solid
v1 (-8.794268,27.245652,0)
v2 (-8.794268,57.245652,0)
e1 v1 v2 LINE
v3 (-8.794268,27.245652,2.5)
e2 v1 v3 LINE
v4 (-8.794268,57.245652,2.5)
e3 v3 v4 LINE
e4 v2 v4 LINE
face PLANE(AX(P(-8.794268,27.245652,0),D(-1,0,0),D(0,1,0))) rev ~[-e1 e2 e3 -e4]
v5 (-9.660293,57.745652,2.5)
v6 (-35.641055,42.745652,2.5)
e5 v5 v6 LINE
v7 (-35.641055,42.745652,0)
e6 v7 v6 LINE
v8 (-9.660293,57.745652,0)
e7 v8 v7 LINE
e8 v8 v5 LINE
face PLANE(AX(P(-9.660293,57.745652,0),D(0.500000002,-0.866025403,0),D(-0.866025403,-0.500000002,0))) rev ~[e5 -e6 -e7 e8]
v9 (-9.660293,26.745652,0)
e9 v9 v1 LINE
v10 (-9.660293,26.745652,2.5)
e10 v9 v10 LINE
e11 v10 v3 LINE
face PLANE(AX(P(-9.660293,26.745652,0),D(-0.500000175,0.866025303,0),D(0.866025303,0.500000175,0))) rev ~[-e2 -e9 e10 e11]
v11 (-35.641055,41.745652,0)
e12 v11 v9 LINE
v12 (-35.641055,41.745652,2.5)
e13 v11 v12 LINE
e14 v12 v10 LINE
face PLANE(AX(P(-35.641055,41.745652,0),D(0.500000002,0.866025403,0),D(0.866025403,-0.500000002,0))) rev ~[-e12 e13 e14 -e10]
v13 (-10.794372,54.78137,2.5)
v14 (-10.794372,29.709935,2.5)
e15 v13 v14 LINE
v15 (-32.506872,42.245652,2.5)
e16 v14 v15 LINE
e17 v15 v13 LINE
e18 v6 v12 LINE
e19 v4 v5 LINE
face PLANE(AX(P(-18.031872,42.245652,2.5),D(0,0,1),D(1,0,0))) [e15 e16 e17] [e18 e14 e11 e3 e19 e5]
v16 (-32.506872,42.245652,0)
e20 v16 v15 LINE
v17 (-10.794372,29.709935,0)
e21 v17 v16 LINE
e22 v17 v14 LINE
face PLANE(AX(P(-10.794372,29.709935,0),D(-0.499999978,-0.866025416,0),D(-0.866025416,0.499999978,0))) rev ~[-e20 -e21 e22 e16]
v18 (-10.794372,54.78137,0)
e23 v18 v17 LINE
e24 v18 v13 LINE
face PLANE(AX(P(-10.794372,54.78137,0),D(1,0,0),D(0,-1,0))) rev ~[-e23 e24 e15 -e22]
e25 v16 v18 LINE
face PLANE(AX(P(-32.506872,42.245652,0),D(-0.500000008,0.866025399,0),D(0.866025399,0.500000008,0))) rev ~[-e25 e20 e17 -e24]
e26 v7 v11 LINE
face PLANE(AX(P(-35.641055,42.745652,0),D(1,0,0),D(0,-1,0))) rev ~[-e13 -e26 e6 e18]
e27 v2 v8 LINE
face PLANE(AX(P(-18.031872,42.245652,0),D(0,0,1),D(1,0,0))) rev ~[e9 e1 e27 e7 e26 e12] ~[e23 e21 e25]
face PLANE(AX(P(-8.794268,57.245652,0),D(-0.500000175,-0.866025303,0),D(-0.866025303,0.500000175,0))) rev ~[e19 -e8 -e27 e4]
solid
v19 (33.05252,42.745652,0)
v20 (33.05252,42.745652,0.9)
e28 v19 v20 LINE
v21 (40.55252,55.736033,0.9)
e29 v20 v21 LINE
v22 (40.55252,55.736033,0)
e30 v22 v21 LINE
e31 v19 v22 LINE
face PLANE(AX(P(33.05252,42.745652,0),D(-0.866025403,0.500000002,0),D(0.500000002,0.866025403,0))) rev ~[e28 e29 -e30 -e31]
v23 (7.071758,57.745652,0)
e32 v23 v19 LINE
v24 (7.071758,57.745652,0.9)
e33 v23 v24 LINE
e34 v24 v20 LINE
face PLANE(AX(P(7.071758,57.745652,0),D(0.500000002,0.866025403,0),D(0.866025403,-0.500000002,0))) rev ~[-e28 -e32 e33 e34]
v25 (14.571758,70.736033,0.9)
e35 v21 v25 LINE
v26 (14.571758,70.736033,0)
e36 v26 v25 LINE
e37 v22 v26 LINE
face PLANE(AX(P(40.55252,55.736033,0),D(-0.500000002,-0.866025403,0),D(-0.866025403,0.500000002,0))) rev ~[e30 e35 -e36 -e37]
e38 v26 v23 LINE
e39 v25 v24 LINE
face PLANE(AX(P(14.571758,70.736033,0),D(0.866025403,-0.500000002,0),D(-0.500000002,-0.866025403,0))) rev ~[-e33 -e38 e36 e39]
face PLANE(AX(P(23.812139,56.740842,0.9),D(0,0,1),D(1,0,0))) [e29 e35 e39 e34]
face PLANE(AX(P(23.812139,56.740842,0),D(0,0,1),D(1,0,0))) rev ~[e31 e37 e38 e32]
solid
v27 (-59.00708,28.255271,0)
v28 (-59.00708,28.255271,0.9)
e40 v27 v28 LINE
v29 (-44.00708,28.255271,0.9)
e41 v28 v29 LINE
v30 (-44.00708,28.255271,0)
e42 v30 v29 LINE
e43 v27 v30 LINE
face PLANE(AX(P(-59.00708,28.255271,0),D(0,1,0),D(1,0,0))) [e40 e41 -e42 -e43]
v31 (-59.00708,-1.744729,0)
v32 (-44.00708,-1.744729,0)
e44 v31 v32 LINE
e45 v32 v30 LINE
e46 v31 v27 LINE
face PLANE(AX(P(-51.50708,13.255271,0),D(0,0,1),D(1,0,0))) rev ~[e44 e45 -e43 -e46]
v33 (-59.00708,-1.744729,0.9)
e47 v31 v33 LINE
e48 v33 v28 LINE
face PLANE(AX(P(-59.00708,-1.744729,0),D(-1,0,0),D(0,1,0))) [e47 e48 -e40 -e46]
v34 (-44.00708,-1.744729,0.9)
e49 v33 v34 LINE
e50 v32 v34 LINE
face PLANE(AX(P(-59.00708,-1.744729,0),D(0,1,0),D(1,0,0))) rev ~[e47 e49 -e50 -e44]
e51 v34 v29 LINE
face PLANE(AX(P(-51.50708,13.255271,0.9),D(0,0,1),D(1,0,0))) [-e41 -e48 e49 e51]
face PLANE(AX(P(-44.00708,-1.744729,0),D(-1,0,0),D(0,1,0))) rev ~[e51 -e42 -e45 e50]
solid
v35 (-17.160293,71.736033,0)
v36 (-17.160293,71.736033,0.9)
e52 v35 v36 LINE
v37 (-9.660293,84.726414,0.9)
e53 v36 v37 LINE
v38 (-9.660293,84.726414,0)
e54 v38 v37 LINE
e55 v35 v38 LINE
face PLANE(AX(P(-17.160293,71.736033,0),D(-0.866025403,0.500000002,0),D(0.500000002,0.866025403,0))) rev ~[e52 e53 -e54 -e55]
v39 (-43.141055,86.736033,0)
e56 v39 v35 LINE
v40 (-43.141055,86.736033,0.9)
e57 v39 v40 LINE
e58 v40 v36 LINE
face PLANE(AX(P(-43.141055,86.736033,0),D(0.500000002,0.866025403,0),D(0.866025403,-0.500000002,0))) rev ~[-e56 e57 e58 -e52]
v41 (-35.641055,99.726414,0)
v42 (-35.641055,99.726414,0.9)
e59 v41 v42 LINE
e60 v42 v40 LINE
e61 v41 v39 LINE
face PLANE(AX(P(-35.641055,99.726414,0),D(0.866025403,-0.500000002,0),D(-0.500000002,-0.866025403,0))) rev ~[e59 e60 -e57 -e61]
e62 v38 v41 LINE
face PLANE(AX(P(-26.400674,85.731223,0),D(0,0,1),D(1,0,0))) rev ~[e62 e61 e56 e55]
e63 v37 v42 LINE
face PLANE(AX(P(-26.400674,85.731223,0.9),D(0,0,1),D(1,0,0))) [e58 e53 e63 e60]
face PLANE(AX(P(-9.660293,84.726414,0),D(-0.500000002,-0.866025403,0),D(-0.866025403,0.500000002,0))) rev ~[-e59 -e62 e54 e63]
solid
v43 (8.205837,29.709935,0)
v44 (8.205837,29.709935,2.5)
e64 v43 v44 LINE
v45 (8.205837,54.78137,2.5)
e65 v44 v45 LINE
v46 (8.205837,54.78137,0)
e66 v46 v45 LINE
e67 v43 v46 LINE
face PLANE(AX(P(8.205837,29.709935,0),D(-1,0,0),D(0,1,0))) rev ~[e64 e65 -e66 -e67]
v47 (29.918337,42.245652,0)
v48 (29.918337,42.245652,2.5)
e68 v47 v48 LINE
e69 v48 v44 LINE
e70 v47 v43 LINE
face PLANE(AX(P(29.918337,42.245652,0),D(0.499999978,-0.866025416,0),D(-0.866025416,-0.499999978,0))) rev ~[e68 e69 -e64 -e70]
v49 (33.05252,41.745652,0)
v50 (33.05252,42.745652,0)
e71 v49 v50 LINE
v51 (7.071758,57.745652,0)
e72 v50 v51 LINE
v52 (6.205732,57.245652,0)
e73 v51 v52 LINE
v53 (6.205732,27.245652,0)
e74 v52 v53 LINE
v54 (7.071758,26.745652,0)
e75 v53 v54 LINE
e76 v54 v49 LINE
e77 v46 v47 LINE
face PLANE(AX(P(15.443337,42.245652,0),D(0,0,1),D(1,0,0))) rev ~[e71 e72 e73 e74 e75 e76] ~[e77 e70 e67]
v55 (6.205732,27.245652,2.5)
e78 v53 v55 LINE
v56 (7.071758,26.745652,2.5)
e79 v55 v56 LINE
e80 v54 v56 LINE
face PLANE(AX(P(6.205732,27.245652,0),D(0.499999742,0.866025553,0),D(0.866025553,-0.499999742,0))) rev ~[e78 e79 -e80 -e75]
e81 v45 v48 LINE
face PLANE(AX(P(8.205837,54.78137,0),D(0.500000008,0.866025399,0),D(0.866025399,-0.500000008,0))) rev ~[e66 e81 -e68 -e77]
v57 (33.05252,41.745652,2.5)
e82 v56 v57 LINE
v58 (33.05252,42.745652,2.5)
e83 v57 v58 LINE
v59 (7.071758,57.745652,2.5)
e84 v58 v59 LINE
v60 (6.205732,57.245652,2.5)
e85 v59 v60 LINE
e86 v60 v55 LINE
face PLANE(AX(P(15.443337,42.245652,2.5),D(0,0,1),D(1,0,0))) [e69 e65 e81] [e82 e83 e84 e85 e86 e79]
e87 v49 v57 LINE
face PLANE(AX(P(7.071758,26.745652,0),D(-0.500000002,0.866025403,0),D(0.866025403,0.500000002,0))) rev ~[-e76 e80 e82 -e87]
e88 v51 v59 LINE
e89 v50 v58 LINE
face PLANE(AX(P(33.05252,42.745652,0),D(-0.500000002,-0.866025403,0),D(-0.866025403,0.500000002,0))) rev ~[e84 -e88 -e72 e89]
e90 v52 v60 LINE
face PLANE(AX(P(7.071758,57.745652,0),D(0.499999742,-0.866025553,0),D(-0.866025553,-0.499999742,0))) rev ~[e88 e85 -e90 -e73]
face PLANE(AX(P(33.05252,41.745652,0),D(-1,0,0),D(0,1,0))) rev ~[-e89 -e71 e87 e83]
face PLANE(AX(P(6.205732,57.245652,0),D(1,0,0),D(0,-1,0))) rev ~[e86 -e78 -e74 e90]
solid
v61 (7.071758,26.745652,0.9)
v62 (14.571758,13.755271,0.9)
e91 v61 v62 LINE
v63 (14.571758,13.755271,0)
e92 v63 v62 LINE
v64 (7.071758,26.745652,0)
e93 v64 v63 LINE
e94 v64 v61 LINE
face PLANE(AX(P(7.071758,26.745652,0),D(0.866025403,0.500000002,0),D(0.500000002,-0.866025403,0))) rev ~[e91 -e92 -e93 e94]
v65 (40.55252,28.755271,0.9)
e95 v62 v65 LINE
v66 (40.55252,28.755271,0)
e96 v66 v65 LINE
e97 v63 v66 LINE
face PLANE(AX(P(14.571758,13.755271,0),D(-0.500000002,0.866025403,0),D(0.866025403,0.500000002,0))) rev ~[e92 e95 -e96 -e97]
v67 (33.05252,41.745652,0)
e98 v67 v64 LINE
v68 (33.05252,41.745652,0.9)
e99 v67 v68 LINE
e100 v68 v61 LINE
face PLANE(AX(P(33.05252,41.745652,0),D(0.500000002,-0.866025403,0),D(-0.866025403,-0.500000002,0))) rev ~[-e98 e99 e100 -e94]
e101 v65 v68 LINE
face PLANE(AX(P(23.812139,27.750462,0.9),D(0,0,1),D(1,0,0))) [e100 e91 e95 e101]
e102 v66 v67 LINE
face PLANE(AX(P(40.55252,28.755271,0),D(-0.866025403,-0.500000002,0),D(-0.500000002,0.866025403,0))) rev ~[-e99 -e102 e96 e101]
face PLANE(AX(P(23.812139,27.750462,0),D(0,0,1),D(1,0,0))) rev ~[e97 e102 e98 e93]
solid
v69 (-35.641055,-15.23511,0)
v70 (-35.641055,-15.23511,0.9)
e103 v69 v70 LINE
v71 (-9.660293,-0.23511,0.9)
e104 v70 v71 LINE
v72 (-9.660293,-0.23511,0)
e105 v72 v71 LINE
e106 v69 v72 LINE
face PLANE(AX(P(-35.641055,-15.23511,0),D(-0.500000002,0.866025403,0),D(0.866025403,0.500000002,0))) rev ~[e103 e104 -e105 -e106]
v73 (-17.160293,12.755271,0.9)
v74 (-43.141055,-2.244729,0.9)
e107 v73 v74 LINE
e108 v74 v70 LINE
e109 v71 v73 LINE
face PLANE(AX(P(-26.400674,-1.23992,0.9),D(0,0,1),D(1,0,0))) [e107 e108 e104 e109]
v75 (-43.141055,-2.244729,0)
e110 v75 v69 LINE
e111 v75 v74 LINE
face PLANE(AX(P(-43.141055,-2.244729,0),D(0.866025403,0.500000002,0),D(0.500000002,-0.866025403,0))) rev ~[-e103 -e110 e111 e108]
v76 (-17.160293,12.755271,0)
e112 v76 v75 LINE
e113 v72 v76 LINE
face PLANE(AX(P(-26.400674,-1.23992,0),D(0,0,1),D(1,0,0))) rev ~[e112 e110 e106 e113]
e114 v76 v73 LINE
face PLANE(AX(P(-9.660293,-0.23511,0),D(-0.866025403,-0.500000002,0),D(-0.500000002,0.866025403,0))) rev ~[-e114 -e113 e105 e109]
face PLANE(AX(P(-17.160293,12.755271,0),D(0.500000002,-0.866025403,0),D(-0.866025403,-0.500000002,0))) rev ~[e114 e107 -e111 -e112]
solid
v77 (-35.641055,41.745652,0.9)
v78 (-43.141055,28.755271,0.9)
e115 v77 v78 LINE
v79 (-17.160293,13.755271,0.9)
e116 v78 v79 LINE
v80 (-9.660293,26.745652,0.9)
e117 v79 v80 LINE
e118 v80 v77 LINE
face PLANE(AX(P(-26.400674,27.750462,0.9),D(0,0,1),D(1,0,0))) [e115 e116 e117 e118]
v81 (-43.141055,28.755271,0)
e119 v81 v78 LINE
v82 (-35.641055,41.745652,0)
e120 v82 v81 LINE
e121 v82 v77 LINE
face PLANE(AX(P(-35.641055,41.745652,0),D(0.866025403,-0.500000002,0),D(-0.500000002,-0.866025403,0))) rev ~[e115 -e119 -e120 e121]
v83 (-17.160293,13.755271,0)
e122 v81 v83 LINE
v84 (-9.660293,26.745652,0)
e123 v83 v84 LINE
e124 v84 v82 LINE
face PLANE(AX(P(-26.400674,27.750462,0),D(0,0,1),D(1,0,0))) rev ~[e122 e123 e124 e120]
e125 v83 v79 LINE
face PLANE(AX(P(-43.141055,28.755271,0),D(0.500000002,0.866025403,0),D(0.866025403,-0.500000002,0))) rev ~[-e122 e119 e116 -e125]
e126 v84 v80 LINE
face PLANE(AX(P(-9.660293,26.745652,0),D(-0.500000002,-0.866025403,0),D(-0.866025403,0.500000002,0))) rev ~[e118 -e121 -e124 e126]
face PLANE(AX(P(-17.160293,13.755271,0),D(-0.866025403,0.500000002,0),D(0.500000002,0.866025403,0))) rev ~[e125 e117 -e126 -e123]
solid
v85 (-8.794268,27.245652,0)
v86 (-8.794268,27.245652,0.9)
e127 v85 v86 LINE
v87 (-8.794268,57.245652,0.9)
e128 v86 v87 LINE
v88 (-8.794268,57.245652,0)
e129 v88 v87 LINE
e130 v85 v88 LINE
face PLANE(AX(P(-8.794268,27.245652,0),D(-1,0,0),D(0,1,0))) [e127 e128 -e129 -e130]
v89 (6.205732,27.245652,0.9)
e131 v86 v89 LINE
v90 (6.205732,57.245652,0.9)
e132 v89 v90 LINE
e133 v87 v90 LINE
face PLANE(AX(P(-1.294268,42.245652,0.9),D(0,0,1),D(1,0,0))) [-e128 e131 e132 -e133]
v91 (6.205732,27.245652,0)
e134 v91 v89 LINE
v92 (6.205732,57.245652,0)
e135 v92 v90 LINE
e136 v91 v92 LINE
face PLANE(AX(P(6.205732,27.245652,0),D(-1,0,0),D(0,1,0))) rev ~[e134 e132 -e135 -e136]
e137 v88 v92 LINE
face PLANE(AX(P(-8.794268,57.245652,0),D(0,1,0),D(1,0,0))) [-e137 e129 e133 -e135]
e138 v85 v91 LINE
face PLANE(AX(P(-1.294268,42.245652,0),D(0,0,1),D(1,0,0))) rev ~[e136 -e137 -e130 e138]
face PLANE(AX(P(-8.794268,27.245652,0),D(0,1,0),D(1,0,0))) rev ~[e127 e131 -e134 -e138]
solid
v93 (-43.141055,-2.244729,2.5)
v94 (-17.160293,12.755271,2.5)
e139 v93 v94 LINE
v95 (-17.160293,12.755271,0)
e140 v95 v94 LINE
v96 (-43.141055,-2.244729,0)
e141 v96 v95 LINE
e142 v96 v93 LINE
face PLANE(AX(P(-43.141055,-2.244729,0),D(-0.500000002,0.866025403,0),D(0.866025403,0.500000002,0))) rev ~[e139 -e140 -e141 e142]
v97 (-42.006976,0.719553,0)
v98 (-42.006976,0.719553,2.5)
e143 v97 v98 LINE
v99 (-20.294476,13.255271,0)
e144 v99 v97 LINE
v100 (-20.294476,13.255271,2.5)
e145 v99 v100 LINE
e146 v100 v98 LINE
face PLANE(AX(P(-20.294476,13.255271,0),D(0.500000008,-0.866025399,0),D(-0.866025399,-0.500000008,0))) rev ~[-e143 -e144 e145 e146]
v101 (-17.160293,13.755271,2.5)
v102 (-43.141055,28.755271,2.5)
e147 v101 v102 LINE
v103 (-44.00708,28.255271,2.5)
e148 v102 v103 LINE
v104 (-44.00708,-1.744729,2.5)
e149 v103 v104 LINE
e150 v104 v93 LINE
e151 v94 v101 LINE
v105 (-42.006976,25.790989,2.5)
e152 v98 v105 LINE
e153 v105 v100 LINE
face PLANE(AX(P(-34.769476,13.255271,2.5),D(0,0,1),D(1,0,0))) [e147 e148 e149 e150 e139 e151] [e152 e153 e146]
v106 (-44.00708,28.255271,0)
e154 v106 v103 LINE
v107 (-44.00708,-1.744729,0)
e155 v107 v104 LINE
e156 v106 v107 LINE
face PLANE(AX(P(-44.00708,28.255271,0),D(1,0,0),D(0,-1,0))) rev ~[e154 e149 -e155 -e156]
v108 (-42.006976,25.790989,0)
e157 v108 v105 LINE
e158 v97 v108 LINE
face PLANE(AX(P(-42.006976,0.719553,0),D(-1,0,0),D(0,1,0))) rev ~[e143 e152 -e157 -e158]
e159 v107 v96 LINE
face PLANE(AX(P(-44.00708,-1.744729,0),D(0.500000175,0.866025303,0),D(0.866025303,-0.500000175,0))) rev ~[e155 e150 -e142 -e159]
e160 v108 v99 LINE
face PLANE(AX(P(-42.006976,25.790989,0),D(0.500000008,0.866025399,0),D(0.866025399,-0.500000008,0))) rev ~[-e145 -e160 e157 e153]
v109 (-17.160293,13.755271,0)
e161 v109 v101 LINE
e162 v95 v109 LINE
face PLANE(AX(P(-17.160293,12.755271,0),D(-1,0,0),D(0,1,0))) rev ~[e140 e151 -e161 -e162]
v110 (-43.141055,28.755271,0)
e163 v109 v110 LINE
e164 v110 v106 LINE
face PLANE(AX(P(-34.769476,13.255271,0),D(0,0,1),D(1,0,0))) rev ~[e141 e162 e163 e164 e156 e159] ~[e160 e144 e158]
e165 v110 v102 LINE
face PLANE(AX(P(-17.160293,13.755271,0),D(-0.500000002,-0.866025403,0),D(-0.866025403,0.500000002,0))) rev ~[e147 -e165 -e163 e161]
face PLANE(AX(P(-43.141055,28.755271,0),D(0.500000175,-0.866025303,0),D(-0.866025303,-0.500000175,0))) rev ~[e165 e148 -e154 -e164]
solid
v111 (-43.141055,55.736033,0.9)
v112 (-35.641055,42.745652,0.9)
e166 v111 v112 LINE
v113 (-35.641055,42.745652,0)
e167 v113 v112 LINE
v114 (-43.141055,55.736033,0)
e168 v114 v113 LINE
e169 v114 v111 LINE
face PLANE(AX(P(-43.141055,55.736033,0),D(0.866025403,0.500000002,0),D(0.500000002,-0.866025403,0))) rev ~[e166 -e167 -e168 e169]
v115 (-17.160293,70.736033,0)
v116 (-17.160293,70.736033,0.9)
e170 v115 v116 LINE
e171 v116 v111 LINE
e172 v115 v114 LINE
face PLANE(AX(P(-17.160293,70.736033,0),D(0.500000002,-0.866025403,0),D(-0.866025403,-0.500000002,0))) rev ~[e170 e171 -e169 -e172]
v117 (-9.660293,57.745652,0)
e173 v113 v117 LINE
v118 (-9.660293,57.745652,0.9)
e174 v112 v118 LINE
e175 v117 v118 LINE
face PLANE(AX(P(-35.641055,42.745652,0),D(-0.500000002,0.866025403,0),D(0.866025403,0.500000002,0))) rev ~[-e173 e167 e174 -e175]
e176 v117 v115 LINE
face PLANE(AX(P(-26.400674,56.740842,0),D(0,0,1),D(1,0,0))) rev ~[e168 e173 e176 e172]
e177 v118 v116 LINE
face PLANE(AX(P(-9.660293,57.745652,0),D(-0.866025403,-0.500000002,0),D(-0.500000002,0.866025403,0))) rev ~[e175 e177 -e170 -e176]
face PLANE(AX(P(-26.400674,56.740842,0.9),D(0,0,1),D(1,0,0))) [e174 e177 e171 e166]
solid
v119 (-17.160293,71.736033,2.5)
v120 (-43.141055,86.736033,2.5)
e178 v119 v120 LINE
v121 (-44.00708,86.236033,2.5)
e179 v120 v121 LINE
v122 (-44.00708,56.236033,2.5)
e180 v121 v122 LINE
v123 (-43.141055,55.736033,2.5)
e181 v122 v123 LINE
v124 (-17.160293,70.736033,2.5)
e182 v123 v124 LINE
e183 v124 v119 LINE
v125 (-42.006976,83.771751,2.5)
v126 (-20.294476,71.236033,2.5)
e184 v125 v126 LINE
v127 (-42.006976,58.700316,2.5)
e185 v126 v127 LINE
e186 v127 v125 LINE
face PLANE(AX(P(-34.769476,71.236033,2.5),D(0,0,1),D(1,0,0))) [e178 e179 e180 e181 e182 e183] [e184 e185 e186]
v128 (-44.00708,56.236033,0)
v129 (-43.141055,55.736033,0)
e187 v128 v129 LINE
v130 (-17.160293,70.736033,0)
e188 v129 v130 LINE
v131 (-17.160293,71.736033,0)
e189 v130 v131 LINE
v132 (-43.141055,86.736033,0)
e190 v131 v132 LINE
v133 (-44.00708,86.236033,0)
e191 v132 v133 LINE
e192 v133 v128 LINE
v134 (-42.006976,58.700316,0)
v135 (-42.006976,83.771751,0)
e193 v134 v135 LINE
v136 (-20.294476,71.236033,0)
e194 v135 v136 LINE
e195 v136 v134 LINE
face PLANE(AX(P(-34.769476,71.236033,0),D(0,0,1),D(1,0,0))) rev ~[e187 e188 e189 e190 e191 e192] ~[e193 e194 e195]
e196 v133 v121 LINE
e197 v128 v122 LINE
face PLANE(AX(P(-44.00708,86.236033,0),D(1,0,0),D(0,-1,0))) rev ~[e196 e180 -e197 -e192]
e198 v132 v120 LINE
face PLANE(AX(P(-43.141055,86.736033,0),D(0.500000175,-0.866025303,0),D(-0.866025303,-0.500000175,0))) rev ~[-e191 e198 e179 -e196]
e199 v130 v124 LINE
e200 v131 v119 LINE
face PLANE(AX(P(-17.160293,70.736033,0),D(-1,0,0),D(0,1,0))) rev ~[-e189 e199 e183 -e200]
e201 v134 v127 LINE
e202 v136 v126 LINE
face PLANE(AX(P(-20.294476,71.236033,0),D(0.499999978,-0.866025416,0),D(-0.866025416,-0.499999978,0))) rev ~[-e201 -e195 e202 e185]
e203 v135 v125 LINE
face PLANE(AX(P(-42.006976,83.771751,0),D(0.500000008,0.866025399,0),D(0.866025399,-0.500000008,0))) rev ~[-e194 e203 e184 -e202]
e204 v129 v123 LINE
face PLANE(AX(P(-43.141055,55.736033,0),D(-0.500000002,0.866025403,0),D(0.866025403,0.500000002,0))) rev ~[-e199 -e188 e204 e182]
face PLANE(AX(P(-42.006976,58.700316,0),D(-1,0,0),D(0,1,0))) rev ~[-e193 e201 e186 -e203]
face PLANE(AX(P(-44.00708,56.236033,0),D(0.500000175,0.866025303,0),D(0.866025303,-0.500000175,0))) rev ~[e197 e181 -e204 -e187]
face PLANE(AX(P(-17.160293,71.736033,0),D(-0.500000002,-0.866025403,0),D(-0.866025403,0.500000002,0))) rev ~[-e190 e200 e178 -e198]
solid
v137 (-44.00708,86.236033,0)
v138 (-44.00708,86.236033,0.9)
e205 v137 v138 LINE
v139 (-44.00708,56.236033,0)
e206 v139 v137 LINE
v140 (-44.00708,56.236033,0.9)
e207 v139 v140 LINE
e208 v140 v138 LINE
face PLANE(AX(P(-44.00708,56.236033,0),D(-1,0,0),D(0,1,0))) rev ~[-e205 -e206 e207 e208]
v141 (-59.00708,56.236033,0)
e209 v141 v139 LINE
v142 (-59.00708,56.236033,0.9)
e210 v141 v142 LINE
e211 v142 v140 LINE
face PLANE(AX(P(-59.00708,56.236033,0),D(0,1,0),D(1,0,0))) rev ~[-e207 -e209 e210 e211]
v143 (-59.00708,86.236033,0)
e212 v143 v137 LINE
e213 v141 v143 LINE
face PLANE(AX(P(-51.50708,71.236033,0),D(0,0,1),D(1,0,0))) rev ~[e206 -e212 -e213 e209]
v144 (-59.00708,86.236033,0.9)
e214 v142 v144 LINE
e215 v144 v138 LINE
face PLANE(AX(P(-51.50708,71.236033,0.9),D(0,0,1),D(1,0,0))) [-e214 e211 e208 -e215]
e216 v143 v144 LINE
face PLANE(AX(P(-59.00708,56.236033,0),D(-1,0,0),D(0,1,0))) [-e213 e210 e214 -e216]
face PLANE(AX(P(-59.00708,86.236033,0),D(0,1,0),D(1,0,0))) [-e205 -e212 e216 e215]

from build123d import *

# Parameters (mm, degrees)
F0_W     = 15
F0_H     = 30
F1_DEPTH = 0.9
F2_DEPTH = 2.5


with BuildPart() as f1:
    # F0 (on Top) → F1 (new body)
    with BuildSketch(Plane.XY):
        Polygon((-9.660293, -0.23511), (-17.160293, 12.755271), (-43.141055, -2.244729), (-35.641055, -15.23511), align=None)
        with Locations((-51.50708, 13.255271)):
            Rectangle(F0_W, F0_H)
        Polygon((-17.160293, 13.755271), (-9.660293, 26.745652), (-35.641055, 41.745652), (-43.141055, 28.755271), align=None)
        Polygon((33.05252, 41.745652), (7.071758, 26.745652), (14.571758, 13.755271), (40.55252, 28.755271), align=None)
        with Locations((-1.294268, 42.245652)):
            Rectangle(F0_W, F0_H)
        Polygon((14.571758, 70.736033), (7.071758, 57.745652), (33.05252, 42.745652), (40.55252, 55.736033), align=None)
        Polygon((-35.641055, 42.745652), (-9.660293, 57.745652), (-17.160293, 70.736033), (-43.141055, 55.736033), align=None)
        Polygon((-43.141055, 86.736033), (-17.160293, 71.736033), (-9.660293, 84.726414), (-35.641055, 99.726414), align=None)
        with Locations((-51.50708, 71.236033)):
            Rectangle(F0_W, F0_H)
    extrude(amount=F1_DEPTH)


with BuildPart() as f2:
    # F0 (on Top) → F2 (new body)
    with BuildSketch(Plane.XY):
        Polygon((-17.160293, 12.755271), (-17.160293, 13.755271), (-43.141055, 28.755271), (-44.00708, 28.255271), (-44.00708, -1.744729), (-43.141055, -2.244729), align=None)
        Polygon((-42.006976, 25.790989), (-20.294476, 13.255271), (-42.006976, 0.719553), align=None, mode=Mode.SUBTRACT)
        Polygon((-8.794268, 27.245652), (-8.794268, 57.245652), (-9.660293, 57.745652), (-35.641055, 42.745652), (-35.641055, 41.745652), (-9.660293, 26.745652), align=None)
        Polygon((-32.506872, 42.245652), (-10.794372, 54.78137), (-10.794372, 29.709935), align=None, mode=Mode.SUBTRACT)
        Polygon((7.071758, 57.745652), (6.205732, 57.245652), (6.205732, 27.245652), (7.071758, 26.745652), (33.05252, 41.745652), (33.05252, 42.745652), align=None)
        Polygon((8.205837, 29.709935), (8.205837, 54.78137), (29.918337, 42.245652), align=None, mode=Mode.SUBTRACT)
        Polygon((-43.141055, 55.736033), (-17.160293, 70.736033), (-17.160293, 71.736033), (-43.141055, 86.736033), (-44.00708, 86.236033), (-44.00708, 56.236033), align=None)
        Polygon((-20.294476, 71.236033), (-42.006976, 58.700316), (-42.006976, 83.771751), align=None, mode=Mode.SUBTRACT)
    extrude(amount=F2_DEPTH)


solid = Compound([f1.part, f2.part])
